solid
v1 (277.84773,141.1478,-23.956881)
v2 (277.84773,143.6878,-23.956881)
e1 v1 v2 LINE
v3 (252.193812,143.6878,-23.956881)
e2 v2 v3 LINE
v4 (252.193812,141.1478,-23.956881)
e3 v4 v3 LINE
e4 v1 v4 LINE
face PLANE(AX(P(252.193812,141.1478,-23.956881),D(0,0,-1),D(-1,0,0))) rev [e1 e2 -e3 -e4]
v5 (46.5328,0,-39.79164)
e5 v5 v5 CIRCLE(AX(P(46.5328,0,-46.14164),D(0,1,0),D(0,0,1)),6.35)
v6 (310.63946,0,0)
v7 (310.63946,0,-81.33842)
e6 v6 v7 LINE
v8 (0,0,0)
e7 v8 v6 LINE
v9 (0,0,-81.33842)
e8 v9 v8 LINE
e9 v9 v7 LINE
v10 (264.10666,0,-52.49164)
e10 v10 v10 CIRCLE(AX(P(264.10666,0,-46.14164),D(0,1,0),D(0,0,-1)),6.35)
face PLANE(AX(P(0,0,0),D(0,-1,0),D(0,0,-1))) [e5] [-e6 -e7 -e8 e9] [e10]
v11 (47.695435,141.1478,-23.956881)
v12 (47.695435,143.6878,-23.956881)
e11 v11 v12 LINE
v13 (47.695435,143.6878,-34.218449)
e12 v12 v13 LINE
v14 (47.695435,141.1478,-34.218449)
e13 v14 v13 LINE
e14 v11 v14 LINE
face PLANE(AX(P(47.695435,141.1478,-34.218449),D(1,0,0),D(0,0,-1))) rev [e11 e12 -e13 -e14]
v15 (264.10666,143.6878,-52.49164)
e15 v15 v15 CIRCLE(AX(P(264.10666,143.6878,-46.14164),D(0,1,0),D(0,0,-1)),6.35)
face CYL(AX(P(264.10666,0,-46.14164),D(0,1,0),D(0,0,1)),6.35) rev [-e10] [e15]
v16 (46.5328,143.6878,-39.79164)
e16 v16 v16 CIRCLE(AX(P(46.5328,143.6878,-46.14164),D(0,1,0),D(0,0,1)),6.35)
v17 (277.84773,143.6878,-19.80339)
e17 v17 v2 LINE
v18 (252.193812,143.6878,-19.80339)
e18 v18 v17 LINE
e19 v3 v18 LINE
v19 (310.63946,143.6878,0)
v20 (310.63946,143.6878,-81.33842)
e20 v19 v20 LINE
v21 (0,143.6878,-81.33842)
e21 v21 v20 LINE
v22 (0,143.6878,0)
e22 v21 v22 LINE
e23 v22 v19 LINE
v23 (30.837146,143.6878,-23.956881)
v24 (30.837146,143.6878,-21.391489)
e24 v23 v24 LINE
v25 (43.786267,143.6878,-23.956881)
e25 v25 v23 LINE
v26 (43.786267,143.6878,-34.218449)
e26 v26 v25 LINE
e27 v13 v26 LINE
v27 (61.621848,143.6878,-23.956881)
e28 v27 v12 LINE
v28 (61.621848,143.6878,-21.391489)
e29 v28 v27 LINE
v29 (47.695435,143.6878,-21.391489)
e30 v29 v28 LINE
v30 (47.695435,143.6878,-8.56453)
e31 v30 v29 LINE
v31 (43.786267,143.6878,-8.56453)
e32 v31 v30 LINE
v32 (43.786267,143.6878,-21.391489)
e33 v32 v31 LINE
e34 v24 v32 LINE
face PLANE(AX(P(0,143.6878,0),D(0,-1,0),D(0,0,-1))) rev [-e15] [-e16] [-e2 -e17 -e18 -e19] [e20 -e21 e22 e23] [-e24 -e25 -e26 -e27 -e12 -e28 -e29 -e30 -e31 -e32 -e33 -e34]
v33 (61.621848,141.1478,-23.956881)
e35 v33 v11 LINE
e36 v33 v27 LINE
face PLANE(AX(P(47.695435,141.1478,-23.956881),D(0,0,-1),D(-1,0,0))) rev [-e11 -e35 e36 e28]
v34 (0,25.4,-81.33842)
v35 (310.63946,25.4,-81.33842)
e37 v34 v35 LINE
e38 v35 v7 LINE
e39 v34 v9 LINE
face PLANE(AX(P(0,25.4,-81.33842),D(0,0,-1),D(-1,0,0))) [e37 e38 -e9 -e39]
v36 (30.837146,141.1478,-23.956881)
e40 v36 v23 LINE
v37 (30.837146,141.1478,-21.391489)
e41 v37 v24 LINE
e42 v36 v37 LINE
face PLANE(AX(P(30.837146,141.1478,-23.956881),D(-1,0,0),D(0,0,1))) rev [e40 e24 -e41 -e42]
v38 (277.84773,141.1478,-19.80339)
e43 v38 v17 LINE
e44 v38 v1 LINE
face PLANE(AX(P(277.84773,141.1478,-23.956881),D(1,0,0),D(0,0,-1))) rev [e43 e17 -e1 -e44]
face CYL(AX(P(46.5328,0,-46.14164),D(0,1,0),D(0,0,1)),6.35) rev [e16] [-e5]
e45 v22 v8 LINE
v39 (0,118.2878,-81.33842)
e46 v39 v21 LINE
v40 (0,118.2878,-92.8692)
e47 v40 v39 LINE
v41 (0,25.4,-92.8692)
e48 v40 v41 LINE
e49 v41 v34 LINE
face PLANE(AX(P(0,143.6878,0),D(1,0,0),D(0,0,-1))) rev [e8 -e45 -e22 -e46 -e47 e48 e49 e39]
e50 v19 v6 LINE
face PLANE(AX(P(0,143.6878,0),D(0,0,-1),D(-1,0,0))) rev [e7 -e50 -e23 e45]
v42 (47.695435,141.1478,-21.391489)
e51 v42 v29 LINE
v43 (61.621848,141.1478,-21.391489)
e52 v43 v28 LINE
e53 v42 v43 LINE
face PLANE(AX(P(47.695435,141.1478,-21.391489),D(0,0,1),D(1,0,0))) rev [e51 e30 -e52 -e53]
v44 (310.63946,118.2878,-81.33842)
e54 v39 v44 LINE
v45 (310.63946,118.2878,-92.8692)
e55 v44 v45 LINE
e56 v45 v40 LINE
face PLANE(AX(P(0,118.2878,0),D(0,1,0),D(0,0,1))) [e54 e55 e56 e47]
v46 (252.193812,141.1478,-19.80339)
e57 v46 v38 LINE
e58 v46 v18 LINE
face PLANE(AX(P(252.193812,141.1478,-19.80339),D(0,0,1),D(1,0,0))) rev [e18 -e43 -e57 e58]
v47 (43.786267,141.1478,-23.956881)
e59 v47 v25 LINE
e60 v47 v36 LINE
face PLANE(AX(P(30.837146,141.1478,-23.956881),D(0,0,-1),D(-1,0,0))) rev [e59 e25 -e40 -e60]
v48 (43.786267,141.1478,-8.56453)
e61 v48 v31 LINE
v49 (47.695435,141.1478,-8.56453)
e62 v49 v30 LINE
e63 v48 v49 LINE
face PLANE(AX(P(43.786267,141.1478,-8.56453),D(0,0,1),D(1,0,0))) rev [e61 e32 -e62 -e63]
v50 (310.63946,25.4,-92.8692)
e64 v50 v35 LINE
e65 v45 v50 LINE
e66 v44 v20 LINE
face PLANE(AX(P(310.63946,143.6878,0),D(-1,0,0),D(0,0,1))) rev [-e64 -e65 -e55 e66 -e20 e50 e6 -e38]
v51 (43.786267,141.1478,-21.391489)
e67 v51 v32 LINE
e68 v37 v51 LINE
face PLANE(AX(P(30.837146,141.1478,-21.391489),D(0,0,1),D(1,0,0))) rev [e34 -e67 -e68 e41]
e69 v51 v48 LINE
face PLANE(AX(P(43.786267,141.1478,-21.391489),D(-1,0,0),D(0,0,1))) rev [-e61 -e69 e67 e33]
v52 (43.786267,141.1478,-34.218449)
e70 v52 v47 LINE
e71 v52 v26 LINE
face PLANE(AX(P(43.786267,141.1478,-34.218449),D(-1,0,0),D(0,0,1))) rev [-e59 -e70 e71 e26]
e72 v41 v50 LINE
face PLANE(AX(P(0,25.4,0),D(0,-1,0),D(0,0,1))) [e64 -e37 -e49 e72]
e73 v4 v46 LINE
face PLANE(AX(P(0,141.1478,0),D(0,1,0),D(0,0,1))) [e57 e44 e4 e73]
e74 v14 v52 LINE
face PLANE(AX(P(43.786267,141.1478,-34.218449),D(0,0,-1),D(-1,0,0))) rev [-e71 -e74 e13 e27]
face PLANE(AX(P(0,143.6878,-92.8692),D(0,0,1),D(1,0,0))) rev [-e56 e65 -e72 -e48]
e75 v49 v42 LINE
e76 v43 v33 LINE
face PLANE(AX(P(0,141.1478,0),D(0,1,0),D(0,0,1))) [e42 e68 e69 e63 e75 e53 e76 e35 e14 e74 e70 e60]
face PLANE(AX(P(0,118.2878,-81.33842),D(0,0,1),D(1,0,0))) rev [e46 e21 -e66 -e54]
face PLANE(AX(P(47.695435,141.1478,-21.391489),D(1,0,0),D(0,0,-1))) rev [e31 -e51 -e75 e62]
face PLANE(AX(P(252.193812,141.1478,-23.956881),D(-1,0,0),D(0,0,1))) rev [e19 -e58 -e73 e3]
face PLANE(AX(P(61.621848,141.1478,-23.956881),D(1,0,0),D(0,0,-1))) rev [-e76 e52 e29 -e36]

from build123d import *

# Parameters (mm, degrees)
SKETCH1_W           = 310.63946
SKETCH1_H           = 92.869200088
BOSS_EXTRUDE1_DEPTH = 143.6878
SKETCH2_R           = 6.35
CUT_EXTRUDE1_DEPTH  = 144.6878
SKETCH3_W           = 310.82742
SKETCH3_H           = 12.7
CUT_EXTRUDE2_DEPTH  = 25.4
SKETCH4_W           = 25.653918198
SKETCH4_H           = 4.153491518
CUT_EXTRUDE3_DEPTH  = 2.54


with BuildPart() as part:
    # Sketch1 → Boss-Extrude1 (new body)
    with BuildSketch(Plane(origin=(0, 0, 0), x_dir=(1, 0, 0), z_dir=(0, 1, 0))):
        with Locations((155.31973, 46.434600044)):
            Rectangle(SKETCH1_W, SKETCH1_H)
    extrude(amount=BOSS_EXTRUDE1_DEPTH)

    # Sketch2 → Cut-Extrude1 (cut, through all)
    with BuildSketch(Plane(origin=(0, 143.6878, 0), x_dir=(1, 0, 0), z_dir=(0, 1, 0))):
        with Locations((46.5328, 46.14164)):
            Circle(SKETCH2_R)
        with Locations((264.10666, 46.14164)):
            Circle(SKETCH2_R)
    extrude(amount=-CUT_EXTRUDE1_DEPTH, mode=Mode.SUBTRACT)

    # Sketch3 → Cut-Extrude2 (cut)
    with BuildSketch(Plane(origin=(0, 143.6878, 0), x_dir=(1, 0, 0), z_dir=(0, 1, 0))):
        with Locations((155.41371, 87.68842)):
            Rectangle(SKETCH3_W, SKETCH3_H)
    cut_extrude2 = extrude(amount=-CUT_EXTRUDE2_DEPTH, mode=Mode.SUBTRACT)

    # Mirror1: Cut-Extrude2 across plane
    add(cut_extrude2.mirror(Plane.ZX.offset(71.8439)), mode=Mode.SUBTRACT)

    # Sketch4 → Cut-Extrude3 (cut)
    with BuildSketch(Plane(origin=(0, 143.6878, 0), x_dir=(1, 0, 0), z_dir=(0, 1, 0))):
        Polygon((43.786266597, 21.391489422), (43.786266597, 8.564530323), (47.695435084, 8.564530323), (47.695435084, 21.391489422), (61.62184782, 21.391489422), (61.62184782, 23.956881242), (47.695435084, 23.956881242), (47.695435084, 34.218448521), (43.786266597, 34.218448521), (43.786266597, 23.956881242), (30.837145982, 23.956881242), (30.837145982, 21.391489422), align=None)
        with Locations((265.020770675, 21.880135483)):
            Rectangle(SKETCH4_W, SKETCH4_H)
    extrude(amount=-CUT_EXTRUDE3_DEPTH, mode=Mode.SUBTRACT)


solid = part.part
